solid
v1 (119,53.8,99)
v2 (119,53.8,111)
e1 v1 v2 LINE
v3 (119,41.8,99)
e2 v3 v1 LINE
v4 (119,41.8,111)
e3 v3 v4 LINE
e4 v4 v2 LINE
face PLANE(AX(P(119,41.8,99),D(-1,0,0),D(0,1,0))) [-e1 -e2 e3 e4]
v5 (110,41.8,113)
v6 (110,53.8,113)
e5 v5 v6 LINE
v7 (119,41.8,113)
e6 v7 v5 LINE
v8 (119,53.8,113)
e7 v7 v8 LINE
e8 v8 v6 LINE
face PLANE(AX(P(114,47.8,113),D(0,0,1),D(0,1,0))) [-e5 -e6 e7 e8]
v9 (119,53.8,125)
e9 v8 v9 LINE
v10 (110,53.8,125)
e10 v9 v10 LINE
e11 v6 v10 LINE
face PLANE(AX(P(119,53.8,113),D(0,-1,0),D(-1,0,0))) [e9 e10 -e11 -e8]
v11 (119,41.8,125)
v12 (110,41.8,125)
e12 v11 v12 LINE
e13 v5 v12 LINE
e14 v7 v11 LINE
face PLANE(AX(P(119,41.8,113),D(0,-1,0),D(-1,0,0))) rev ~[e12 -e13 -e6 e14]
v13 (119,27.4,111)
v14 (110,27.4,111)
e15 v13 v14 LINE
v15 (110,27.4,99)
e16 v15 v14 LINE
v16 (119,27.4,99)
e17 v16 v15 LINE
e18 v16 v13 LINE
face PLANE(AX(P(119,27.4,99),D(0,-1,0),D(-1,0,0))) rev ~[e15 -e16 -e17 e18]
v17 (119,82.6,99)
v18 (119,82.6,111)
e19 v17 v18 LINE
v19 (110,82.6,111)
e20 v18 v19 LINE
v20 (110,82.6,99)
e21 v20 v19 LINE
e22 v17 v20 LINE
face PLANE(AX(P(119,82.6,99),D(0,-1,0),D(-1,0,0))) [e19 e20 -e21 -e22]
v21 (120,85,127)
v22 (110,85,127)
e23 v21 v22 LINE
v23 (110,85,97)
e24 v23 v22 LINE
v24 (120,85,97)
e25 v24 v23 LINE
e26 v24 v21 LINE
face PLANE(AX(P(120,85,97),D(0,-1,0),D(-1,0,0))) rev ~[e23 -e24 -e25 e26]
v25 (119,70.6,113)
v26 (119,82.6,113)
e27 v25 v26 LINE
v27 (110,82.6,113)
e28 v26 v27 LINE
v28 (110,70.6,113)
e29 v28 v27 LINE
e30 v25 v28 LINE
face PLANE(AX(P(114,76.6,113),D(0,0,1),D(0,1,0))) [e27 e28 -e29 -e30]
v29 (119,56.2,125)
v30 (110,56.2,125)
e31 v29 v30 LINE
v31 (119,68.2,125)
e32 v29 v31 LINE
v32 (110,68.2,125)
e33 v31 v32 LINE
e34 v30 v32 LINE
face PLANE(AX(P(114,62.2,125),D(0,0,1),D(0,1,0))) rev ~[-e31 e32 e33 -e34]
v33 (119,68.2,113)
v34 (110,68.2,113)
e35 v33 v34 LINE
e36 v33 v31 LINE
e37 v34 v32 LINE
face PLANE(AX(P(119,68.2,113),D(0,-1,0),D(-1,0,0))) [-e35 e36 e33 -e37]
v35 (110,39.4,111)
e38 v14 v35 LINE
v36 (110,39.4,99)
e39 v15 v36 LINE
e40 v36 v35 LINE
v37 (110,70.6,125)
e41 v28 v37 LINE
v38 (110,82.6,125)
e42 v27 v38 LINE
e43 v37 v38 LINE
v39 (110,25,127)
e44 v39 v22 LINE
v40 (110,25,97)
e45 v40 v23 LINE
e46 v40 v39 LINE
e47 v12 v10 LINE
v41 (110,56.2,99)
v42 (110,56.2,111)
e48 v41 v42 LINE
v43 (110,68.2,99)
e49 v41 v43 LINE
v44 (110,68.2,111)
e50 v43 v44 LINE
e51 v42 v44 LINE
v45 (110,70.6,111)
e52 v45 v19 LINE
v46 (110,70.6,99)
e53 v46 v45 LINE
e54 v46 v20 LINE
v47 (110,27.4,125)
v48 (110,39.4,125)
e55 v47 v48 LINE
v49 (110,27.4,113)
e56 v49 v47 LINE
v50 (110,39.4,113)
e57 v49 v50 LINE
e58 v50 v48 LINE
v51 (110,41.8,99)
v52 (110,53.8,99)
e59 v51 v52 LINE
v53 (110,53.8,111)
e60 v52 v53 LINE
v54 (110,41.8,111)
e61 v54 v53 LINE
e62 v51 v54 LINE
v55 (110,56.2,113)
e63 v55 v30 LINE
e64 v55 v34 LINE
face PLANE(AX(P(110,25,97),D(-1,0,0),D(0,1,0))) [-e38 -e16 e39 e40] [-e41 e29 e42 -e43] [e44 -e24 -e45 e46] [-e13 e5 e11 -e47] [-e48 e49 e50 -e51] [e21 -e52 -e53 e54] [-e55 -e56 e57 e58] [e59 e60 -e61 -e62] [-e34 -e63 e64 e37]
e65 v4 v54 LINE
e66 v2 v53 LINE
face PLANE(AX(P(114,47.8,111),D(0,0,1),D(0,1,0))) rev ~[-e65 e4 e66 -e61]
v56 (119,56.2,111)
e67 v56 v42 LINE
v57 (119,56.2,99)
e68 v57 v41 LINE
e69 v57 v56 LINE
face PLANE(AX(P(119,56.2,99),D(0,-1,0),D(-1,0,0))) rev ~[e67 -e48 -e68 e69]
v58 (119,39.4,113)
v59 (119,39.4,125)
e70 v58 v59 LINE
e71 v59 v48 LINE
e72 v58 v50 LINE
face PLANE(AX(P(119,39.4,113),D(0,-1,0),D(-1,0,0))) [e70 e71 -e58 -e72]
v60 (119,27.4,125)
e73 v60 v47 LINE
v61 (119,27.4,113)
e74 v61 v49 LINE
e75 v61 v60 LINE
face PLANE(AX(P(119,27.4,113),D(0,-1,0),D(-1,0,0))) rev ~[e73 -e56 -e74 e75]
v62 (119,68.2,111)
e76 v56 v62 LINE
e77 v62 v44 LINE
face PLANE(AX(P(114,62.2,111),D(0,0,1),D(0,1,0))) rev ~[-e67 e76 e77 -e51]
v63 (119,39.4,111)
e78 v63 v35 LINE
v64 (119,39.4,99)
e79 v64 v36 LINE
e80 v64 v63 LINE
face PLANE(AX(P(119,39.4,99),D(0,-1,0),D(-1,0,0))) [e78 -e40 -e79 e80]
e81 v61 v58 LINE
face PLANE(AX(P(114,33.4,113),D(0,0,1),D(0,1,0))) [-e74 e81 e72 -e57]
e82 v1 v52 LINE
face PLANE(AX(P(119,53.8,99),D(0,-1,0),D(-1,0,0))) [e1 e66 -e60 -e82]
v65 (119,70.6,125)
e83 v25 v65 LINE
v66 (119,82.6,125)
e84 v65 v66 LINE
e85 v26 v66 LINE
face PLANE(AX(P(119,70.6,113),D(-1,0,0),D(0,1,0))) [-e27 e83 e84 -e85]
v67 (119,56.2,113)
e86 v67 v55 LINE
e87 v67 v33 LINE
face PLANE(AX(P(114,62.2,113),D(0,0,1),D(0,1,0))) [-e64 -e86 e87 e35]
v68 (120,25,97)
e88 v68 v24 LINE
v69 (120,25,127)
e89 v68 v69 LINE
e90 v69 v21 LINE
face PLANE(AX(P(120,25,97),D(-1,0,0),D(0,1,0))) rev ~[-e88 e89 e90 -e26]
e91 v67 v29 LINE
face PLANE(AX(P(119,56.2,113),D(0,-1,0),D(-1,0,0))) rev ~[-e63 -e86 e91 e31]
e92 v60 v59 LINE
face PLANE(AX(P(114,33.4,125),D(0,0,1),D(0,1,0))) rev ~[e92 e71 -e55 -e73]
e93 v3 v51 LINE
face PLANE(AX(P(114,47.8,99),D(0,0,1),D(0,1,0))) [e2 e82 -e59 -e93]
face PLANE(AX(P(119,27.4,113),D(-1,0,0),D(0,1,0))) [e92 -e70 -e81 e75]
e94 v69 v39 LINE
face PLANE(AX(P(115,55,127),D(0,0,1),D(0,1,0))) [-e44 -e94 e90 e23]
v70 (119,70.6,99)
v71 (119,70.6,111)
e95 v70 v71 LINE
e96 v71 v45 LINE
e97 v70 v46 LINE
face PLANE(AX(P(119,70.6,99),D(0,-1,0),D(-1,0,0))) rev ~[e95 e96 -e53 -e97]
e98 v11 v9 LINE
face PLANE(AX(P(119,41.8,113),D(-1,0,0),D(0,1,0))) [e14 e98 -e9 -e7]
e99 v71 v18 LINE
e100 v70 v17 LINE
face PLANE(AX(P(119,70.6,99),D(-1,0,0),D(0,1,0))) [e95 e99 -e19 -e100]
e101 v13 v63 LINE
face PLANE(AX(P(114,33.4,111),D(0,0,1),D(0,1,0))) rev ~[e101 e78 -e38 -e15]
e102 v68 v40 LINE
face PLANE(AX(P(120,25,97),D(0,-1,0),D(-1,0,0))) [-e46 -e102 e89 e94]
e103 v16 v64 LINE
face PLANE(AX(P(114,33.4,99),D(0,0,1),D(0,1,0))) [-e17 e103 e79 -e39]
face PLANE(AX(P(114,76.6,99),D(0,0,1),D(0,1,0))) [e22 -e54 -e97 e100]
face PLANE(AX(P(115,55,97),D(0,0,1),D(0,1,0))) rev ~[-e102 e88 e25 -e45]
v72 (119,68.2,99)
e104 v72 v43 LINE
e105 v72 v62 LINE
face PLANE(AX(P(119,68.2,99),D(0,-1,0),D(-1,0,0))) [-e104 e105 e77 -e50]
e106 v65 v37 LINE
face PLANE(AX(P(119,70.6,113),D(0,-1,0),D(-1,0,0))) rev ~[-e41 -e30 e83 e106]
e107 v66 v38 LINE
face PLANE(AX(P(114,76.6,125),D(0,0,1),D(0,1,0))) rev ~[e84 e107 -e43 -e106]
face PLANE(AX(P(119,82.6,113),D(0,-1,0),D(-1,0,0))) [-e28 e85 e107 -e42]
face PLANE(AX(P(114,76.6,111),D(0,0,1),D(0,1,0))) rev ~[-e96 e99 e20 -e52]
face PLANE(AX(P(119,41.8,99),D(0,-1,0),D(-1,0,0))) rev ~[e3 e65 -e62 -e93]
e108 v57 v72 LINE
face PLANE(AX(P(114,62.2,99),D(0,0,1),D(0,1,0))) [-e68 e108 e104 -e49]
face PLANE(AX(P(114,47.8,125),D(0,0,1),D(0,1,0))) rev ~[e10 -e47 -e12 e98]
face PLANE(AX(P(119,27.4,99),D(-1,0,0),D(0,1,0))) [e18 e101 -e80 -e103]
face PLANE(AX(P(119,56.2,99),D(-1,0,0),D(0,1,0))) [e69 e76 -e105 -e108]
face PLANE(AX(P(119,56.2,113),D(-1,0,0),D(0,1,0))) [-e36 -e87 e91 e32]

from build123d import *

# Parameters (mm, degrees)
BOX015_W               = 12
BOX015_H               = 10
BOX015_DEPTH           = 12
ARRAY001_X_COUNT       = 4
ARRAY001_X_PITCH       = 14.4
ARRAY001_Z_COUNT       = 2
ARRAY001_Z_PITCH       = 14
BOX014_W               = 60
BOX014_H               = 10
BOX014_DEPTH           = 30
CUT002_PLACEMENT_ANGLE = 90


with BuildPart() as matriz_huecos_libreria_baja:
    # Box015 → Box015 (new body)
    with BuildSketch(Plane.XY):
        with Locations((6, 5)):
            Rectangle(BOX015_W, BOX015_H)
    extrude(amount=BOX015_DEPTH)

    # Array001 X: Matriz huecos libreria baja ×4


with BuildPart() as matriz_huecos_libreria_baja_1:
    add(matriz_huecos_libreria_baja.part)
    with Locations(*[(i * ARRAY001_X_PITCH, 0, 0) for i in range(1, ARRAY001_X_COUNT)]):
        add(matriz_huecos_libreria_baja.part)

    # Array001 Z: Matriz huecos libreria baja ×2


with BuildPart() as matriz_huecos_libreria_baja_2:
    add(matriz_huecos_libreria_baja_1.part)
    with Locations(*[(0, 0, i * ARRAY001_Z_PITCH) for i in range(1, ARRAY001_Z_COUNT)]):
        add(matriz_huecos_libreria_baja_1.part)


with BuildPart() as matriz_huecos_libreria_baja_3:
    # Array001 placement: moved
    add(matriz_huecos_libreria_baja_2.part.moved(Location((27.4, 91, 2))))


with BuildPart() as libreria_baja_dormitorio:
    # Box014 → Box014 (new body)
    with BuildSketch(Plane(origin=(25, 90, 0), x_dir=(1, 0, 0), z_dir=(0, 0, 1))):
        with Locations((30, 5)):
            Rectangle(BOX014_W, BOX014_H)
    extrude(amount=BOX014_DEPTH)

    # Cut002: cut Matriz huecos libreria baja
    add(matriz_huecos_libreria_baja_3.part, mode=Mode.SUBTRACT)


with BuildPart() as libreria_baja_dormitorio_1:
    # Cut002 placement: moved
    add(libreria_baja_dormitorio.part.moved(Location((210, 0, 97))).rotate(Axis((210, 0, 97), (0, 0, 1)), CUT002_PLACEMENT_ANGLE))


solid = libreria_baja_dormitorio_1.part
